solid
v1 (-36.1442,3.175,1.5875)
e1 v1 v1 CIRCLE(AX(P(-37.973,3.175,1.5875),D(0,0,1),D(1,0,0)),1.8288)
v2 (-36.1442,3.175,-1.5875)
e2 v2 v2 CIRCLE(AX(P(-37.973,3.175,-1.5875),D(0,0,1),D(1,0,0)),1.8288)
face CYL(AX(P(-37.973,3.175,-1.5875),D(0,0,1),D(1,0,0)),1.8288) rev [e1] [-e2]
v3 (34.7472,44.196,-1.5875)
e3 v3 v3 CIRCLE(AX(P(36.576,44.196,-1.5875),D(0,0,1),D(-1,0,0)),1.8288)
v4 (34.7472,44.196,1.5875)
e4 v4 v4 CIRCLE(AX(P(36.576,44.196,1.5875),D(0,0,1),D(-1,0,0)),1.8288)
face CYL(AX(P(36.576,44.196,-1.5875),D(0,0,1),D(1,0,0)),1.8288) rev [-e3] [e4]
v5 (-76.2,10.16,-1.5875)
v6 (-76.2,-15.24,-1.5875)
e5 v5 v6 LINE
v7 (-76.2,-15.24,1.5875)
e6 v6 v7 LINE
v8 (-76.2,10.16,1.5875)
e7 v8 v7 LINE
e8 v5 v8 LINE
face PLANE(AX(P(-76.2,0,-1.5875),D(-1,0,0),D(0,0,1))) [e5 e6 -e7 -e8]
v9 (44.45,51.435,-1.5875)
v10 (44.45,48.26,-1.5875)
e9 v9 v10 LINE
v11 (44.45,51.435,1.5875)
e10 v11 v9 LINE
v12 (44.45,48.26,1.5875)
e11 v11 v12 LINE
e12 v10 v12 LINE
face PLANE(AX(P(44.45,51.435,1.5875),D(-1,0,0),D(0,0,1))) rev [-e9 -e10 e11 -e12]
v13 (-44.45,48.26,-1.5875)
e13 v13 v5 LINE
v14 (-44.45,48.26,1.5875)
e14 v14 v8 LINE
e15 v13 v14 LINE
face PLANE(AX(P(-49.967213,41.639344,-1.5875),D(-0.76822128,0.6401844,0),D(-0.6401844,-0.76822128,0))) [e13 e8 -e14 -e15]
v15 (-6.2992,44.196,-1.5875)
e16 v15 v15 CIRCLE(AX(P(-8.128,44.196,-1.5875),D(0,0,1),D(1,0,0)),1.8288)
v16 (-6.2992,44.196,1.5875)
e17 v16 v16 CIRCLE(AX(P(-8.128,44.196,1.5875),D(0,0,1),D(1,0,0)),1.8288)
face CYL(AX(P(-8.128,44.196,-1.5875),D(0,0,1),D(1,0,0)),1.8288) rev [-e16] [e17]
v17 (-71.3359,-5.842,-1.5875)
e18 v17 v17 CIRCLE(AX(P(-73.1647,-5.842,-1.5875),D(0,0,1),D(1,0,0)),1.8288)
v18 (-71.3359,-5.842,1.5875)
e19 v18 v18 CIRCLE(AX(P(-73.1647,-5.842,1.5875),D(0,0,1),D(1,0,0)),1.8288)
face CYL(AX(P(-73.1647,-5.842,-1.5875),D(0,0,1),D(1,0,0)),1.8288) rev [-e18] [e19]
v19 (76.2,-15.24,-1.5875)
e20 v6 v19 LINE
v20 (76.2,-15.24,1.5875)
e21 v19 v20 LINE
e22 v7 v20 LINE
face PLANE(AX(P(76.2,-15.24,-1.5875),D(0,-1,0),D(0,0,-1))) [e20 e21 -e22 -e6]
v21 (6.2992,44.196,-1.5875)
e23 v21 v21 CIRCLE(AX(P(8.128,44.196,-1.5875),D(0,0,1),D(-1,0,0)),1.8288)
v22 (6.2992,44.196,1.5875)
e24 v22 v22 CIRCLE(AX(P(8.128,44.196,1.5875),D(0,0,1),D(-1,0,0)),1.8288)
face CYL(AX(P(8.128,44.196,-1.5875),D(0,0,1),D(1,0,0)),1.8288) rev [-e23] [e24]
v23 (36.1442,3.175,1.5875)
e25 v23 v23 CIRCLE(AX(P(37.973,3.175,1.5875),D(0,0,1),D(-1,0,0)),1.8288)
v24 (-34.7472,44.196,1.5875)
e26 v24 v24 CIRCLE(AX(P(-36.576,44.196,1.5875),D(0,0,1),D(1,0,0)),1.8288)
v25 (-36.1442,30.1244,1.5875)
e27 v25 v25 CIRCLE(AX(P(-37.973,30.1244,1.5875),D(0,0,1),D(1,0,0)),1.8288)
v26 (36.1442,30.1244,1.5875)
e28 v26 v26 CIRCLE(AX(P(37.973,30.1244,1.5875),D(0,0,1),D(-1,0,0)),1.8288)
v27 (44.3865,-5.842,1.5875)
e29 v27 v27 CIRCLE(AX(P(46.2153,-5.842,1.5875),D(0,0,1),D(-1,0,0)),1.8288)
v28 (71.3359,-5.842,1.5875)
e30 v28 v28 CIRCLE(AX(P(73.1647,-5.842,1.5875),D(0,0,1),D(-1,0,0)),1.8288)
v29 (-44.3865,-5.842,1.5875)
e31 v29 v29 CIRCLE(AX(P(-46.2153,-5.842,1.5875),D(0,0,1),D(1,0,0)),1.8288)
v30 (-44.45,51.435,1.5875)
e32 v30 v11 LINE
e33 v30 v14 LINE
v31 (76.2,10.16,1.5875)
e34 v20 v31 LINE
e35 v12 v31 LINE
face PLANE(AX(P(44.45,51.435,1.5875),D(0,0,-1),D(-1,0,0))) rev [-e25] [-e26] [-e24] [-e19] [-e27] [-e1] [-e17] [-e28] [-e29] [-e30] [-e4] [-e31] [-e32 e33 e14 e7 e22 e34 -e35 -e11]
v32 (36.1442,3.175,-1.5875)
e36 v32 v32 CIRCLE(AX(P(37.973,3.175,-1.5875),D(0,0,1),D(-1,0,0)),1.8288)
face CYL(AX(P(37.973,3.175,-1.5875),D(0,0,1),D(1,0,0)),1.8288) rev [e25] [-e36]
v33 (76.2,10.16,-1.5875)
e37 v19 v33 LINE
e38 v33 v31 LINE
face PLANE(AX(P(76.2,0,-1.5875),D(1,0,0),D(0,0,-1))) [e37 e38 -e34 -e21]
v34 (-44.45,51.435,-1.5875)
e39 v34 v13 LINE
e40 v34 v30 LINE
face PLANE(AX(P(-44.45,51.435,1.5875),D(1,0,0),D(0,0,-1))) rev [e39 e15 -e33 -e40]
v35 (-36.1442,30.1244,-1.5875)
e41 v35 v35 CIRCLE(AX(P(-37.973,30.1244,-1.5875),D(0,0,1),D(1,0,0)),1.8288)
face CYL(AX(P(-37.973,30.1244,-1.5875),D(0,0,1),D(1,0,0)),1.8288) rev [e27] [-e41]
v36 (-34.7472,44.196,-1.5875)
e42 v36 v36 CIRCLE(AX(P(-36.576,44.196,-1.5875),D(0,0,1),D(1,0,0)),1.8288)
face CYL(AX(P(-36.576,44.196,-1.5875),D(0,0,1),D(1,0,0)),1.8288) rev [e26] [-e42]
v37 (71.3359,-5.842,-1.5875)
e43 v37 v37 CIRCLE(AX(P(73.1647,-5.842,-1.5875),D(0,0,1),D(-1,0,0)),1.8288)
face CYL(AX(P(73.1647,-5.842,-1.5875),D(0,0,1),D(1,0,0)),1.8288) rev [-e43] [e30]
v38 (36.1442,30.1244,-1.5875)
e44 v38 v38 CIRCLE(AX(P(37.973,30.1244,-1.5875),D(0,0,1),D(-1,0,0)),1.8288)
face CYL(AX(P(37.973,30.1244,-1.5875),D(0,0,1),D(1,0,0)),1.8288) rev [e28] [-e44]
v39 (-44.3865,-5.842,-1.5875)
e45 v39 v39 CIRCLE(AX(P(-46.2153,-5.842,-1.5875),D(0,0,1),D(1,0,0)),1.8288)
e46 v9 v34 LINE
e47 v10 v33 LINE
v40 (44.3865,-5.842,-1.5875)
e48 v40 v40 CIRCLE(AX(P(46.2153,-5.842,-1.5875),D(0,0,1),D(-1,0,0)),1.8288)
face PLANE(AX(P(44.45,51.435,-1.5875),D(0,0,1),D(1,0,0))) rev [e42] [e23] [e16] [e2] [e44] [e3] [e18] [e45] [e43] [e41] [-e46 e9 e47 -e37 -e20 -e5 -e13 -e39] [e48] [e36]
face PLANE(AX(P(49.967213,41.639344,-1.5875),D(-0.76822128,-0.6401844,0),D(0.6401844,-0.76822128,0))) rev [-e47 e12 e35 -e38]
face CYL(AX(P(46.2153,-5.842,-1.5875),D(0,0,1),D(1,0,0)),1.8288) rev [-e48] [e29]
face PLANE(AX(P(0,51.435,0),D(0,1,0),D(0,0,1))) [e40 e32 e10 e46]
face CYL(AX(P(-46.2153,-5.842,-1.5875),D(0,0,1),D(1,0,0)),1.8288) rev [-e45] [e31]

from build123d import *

# Parameters (mm, degrees)
SKETCH1_W           = 88.9
SKETCH1_H           = 3.175
BOSS_EXTRUDE1_DEPTH = 51.435
SKETCH2_R           = 1.8288
CUT_EXTRUDE1_DEPTH  = 4.175
SKETCH3_R           = 1.8288
CUT_EXTRUDE2_DEPTH  = 4.175
BOSS_EXTRUDE2_DEPTH = 3.175
CUT_EXTRUDE3_DEPTH  = 4.175
SKETCH6_R           = 1.8288
CUT_EXTRUDE4_DEPTH  = 4.175


with BuildPart() as part:
    # Sketch1 → Boss-Extrude1 (new body)
    with BuildSketch(Plane(origin=(0, 0, 0), x_dir=(1, 0, 0), z_dir=(0, 1, 0))):
        Rectangle(SKETCH1_W, SKETCH1_H)
    extrude(amount=BOSS_EXTRUDE1_DEPTH)

    # Sketch2 → Cut-Extrude1 (cut, through all)
    with BuildSketch(Plane.XY.offset(1.5875)):
        with Locations((-36.576, 44.196)):
            Circle(SKETCH2_R)
        with Locations((-8.128, 44.196)):
            Circle(SKETCH2_R)
        with Locations((8.128, 44.196)):
            Circle(SKETCH2_R)
        with Locations((36.576, 44.196)):
            Circle(SKETCH2_R)
    extrude(amount=-CUT_EXTRUDE1_DEPTH, mode=Mode.SUBTRACT)

    # Sketch3 → Cut-Extrude2 (cut, through all)
    with BuildSketch(Plane.XY.offset(1.5875)):
        with Locations((-37.973, 3.175)):
            Circle(SKETCH3_R)
        with Locations((-37.973, 30.1244)):
            Circle(SKETCH3_R)
        with Locations((37.973, 3.175)):
            Circle(SKETCH3_R)
        with Locations((37.973, 30.1244)):
            Circle(SKETCH3_R)
    extrude(amount=-CUT_EXTRUDE2_DEPTH, mode=Mode.SUBTRACT)

    # Sketch4 → Boss-Extrude2 (add)
    with BuildSketch(Plane.XY.offset(1.5875)):
        Polygon((-44.45, 0), (-44.45, 48.26), (-76.2, 48.26), (-76.2, 0), (-76.2, -15.24), (76.2, -15.24), (76.2, 0), (76.2, 48.26), (44.45, 48.26), (44.45, 0), (0, 0), align=None)
    extrude(amount=-BOSS_EXTRUDE2_DEPTH)

    # Sketch5 → Cut-Extrude3 (cut, through all)
    with BuildSketch(Plane.XY.offset(1.5875)):
        Polygon((-76.2, 10.16), (-44.45, 48.26), (-76.2, 48.26), align=None)
        Polygon((44.45, 48.26), (76.2, 10.16), (76.2, 48.26), align=None)
    extrude(amount=-CUT_EXTRUDE3_DEPTH, mode=Mode.SUBTRACT)

    # Sketch6 → Cut-Extrude4 (cut, through all)
    with BuildSketch(Plane.XY.offset(1.5875)):
        with Locations((-73.1647, -5.842)):
            Circle(SKETCH6_R)
        with Locations((-46.2153, -5.842)):
            Circle(SKETCH6_R)
        with Locations((46.2153, -5.842)):
            Circle(SKETCH6_R)
        with Locations((73.1647, -5.842)):
            Circle(SKETCH6_R)
    extrude(amount=-CUT_EXTRUDE4_DEPTH, mode=Mode.SUBTRACT)


solid = part.part
